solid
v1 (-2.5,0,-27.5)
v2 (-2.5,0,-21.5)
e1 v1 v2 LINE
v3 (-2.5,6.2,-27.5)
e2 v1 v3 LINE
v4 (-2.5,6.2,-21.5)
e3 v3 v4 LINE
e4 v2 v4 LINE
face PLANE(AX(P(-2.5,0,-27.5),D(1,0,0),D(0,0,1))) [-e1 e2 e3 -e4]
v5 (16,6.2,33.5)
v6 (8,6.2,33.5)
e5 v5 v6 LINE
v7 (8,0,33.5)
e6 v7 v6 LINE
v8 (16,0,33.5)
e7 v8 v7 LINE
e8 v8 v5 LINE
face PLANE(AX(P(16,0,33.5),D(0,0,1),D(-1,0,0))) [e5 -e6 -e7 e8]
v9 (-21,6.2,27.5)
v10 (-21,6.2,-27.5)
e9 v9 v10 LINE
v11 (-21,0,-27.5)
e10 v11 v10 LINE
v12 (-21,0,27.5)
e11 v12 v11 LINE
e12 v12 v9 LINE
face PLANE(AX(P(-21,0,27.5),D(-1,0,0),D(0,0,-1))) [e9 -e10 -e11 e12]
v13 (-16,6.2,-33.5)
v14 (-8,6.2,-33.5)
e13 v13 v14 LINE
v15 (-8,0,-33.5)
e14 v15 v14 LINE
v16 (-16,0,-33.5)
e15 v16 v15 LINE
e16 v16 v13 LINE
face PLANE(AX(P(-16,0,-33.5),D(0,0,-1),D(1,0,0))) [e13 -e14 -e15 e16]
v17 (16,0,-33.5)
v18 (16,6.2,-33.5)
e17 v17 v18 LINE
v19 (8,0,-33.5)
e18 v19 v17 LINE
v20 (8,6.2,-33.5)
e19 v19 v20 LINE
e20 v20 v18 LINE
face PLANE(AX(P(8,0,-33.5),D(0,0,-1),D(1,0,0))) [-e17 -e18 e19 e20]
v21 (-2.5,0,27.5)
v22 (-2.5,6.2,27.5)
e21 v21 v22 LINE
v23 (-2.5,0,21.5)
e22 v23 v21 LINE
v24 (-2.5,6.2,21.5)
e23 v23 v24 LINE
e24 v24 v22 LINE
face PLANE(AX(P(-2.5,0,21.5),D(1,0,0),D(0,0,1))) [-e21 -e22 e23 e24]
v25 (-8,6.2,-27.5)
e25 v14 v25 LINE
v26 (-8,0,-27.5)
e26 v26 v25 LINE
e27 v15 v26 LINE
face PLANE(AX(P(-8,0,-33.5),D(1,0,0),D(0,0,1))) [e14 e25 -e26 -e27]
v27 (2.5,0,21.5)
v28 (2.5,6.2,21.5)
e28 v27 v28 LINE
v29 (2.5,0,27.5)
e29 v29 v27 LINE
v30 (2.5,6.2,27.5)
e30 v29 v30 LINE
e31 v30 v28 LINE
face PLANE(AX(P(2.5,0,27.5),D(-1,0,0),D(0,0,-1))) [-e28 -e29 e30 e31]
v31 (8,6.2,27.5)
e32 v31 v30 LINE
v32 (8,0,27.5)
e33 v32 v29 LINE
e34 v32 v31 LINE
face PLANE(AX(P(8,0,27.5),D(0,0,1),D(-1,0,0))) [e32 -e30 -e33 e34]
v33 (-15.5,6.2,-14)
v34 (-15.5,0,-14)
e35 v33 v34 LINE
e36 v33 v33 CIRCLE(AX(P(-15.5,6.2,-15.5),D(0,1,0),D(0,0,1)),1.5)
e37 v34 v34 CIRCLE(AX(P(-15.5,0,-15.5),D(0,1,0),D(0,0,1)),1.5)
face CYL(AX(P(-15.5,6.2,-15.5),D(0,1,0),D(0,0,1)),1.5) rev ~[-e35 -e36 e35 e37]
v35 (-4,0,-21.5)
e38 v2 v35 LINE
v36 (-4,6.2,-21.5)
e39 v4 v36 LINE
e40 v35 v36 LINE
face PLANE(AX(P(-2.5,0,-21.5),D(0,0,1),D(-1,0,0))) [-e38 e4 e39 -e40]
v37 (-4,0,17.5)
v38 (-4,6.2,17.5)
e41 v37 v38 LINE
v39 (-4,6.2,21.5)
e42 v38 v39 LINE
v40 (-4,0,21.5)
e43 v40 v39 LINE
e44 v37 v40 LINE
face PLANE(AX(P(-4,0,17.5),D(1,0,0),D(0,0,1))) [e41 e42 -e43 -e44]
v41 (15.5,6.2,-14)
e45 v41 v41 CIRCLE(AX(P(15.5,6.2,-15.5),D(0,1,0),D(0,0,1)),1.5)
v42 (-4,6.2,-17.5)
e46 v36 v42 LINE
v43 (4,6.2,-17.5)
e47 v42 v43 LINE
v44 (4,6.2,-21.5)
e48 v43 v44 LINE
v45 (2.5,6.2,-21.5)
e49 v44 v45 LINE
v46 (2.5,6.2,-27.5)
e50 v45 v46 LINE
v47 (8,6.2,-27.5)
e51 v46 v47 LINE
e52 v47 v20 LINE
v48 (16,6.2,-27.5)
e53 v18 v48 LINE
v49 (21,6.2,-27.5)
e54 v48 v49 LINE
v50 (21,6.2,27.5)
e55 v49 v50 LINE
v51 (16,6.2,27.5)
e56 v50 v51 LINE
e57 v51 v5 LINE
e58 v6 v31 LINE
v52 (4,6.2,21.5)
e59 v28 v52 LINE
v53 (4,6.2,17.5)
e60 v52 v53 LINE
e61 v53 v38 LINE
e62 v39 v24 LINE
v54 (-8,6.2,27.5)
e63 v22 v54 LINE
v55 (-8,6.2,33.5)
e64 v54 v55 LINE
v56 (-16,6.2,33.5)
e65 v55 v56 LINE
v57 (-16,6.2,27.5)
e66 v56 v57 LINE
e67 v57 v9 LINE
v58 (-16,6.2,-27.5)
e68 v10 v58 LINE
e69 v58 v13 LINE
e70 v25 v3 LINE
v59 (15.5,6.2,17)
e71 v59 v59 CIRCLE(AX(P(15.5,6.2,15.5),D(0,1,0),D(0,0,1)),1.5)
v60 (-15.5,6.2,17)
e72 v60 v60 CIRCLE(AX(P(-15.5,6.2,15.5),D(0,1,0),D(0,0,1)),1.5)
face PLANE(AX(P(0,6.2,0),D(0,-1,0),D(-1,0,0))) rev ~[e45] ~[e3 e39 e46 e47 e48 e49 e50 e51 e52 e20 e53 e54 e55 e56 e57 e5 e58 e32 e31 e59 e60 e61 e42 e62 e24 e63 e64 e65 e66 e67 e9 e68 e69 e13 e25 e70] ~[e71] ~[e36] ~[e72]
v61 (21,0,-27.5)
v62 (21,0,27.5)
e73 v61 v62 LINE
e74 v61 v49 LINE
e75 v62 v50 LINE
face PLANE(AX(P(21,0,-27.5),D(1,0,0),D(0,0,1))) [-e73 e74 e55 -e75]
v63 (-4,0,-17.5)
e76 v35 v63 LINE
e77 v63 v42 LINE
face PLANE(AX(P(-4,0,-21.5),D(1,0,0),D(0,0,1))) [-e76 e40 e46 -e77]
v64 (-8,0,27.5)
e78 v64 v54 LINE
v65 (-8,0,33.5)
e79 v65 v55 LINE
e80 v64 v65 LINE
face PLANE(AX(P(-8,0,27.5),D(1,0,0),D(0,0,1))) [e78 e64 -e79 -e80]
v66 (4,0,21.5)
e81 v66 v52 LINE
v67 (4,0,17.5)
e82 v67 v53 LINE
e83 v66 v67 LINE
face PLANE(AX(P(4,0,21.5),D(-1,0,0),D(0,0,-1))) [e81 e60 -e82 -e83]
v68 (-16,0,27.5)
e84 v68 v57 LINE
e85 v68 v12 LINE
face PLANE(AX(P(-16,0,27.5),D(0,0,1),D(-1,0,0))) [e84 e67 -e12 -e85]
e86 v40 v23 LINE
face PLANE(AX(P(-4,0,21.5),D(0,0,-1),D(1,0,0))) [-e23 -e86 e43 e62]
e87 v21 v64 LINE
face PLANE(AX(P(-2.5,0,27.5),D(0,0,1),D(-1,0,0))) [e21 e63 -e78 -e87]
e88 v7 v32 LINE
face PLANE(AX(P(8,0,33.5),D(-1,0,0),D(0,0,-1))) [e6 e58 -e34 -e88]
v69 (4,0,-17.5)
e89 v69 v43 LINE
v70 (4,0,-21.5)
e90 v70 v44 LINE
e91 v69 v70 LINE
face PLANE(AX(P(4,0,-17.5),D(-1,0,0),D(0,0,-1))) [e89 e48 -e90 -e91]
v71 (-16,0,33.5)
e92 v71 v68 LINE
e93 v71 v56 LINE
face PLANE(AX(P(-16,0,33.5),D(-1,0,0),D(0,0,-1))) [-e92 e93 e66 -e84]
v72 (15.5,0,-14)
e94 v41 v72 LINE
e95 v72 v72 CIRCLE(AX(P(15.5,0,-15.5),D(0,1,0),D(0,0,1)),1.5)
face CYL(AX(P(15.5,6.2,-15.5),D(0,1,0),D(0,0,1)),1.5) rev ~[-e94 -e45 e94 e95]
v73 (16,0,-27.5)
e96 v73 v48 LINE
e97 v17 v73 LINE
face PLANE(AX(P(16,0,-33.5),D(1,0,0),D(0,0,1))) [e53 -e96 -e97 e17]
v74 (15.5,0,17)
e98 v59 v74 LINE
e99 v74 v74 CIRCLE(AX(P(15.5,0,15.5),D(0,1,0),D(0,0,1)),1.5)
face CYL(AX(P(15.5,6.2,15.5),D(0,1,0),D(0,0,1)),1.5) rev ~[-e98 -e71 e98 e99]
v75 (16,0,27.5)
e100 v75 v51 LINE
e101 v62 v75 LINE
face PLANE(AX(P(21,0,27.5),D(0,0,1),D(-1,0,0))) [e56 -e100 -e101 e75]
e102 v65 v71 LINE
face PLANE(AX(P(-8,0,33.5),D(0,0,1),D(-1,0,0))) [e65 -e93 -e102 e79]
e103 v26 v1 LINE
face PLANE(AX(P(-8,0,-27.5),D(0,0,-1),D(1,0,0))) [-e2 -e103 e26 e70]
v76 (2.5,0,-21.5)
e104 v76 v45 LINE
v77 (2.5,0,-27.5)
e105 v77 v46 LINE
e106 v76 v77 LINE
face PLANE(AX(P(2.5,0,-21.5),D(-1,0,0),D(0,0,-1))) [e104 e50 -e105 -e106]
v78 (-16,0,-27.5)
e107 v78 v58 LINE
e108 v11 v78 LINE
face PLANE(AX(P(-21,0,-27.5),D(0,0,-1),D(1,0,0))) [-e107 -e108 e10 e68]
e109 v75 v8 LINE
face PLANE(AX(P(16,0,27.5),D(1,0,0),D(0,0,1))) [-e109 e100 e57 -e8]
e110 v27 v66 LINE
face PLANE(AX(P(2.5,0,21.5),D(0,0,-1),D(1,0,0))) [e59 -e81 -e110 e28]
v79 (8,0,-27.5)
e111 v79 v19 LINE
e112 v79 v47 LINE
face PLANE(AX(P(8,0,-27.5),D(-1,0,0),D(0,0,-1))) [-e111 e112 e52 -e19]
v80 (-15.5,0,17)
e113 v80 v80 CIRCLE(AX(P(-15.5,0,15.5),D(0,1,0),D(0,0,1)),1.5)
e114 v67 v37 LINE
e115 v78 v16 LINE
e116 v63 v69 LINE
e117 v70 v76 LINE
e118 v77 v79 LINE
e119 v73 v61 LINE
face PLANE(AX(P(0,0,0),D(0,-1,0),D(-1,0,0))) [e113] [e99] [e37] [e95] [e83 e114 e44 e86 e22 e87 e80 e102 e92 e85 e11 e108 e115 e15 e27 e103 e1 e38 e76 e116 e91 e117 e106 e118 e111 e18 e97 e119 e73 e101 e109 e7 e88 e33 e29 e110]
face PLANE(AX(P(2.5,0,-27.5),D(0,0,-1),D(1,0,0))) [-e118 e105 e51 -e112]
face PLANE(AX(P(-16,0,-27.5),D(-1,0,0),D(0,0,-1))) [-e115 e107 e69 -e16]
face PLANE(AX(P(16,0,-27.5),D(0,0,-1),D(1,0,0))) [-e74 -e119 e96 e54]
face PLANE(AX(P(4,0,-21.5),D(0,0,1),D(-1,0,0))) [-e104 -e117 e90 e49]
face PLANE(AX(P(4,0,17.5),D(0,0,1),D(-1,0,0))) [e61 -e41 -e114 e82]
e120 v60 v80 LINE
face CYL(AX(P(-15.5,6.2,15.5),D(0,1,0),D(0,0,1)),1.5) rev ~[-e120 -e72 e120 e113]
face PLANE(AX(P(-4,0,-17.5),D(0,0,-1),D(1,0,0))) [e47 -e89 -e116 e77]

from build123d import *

# Parameters (mm, degrees)
BOSS_EXTRUDE1_DEPTH = 6.2
CUT_EXTRUDE1_REACH  = 42.021
SKETCH2_R           = 1.5


with BuildPart() as part:
    # Sketch1 → Boss-Extrude1 (new body)
    with BuildSketch(Plane(origin=(0, 0, 0), x_dir=(1, 0, 0), z_dir=(0, 1, 0))):
        Polygon((-21, 27.5), (-16, 27.5), (-16, 33.5), (-8, 33.5), (-8, 27.5), (-2.5, 27.5), (-2.5, 21.5), (-4, 21.5), (-4, 17.5), (4, 17.5), (4, 21.5), (2.5, 21.5), (2.5, 27.5), (8, 27.5), (8, 33.5), (16, 33.5), (16, 27.5), (21, 27.5), (21, -27.5), (16, -27.5), (16, -33.5), (8, -33.5), (8, -27.5), (2.5, -27.5), (2.5, -21.5), (4, -21.5), (4, -17.5), (-4, -17.5), (-4, -21.5), (-2.5, -21.5), (-2.5, -27.5), (-8, -27.5), (-8, -33.5), (-16, -33.5), (-16, -27.5), (-21, -27.5), align=None)
    extrude(amount=BOSS_EXTRUDE1_DEPTH)

    # Sketch2 → Cut-Extrude1 (cut, up to next)
    with BuildSketch(Plane(origin=(0, 6.2, 0), x_dir=(1, 0, 0), z_dir=(0, 1, 0)), mode=Mode.PRIVATE) as cut_extrude1_sk1:
        with Locations(Location((15.5, -15.5, 0), (0, 0, 270))):
            Circle(SKETCH2_R)
    cut_extrude1_tool1 = extrude(cut_extrude1_sk1.sketch, amount=-CUT_EXTRUDE1_REACH, mode=Mode.PRIVATE) & part.part
    # Sketch2 → Cut-Extrude1 (cut, up to next)
    with BuildSketch(Plane(origin=(0, 6.2, 0), x_dir=(1, 0, 0), z_dir=(0, 1, 0)), mode=Mode.PRIVATE) as cut_extrude1_sk2:
        with Locations(Location((-15.5, -15.5, 0), (0, 0, 270))):
            Circle(SKETCH2_R)
    cut_extrude1_tool2 = extrude(cut_extrude1_sk2.sketch, amount=-CUT_EXTRUDE1_REACH, mode=Mode.PRIVATE) & part.part
    # Sketch2 → Cut-Extrude1 (cut, up to next)
    with BuildSketch(Plane(origin=(0, 6.2, 0), x_dir=(1, 0, 0), z_dir=(0, 1, 0)), mode=Mode.PRIVATE) as cut_extrude1_sk3:
        with Locations(Location((-15.5, 15.5, 0), (0, 0, 270))):
            Circle(SKETCH2_R)
    cut_extrude1_tool3 = extrude(cut_extrude1_sk3.sketch, amount=-CUT_EXTRUDE1_REACH, mode=Mode.PRIVATE) & part.part
    # Sketch2 → Cut-Extrude1 (cut, up to next)
    with BuildSketch(Plane(origin=(0, 6.2, 0), x_dir=(1, 0, 0), z_dir=(0, 1, 0)), mode=Mode.PRIVATE) as cut_extrude1_sk4:
        with Locations(Location((15.5, 15.5, 0), (0, 0, 270))):
            Circle(SKETCH2_R)
    cut_extrude1_tool4 = extrude(cut_extrude1_sk4.sketch, amount=-CUT_EXTRUDE1_REACH, mode=Mode.PRIVATE) & part.part
    add(cut_extrude1_tool1.solids().sort_by_distance((15.5, 6.2, 15.5))[0], mode=Mode.SUBTRACT)
    add(cut_extrude1_tool2.solids().sort_by_distance((-15.5, 6.2, 15.5))[0], mode=Mode.SUBTRACT)
    add(cut_extrude1_tool3.solids().sort_by_distance((-15.5, 6.2, -15.5))[0], mode=Mode.SUBTRACT)
    add(cut_extrude1_tool4.solids().sort_by_distance((15.5, 6.2, -15.5))[0], mode=Mode.SUBTRACT)


solid = part.part
